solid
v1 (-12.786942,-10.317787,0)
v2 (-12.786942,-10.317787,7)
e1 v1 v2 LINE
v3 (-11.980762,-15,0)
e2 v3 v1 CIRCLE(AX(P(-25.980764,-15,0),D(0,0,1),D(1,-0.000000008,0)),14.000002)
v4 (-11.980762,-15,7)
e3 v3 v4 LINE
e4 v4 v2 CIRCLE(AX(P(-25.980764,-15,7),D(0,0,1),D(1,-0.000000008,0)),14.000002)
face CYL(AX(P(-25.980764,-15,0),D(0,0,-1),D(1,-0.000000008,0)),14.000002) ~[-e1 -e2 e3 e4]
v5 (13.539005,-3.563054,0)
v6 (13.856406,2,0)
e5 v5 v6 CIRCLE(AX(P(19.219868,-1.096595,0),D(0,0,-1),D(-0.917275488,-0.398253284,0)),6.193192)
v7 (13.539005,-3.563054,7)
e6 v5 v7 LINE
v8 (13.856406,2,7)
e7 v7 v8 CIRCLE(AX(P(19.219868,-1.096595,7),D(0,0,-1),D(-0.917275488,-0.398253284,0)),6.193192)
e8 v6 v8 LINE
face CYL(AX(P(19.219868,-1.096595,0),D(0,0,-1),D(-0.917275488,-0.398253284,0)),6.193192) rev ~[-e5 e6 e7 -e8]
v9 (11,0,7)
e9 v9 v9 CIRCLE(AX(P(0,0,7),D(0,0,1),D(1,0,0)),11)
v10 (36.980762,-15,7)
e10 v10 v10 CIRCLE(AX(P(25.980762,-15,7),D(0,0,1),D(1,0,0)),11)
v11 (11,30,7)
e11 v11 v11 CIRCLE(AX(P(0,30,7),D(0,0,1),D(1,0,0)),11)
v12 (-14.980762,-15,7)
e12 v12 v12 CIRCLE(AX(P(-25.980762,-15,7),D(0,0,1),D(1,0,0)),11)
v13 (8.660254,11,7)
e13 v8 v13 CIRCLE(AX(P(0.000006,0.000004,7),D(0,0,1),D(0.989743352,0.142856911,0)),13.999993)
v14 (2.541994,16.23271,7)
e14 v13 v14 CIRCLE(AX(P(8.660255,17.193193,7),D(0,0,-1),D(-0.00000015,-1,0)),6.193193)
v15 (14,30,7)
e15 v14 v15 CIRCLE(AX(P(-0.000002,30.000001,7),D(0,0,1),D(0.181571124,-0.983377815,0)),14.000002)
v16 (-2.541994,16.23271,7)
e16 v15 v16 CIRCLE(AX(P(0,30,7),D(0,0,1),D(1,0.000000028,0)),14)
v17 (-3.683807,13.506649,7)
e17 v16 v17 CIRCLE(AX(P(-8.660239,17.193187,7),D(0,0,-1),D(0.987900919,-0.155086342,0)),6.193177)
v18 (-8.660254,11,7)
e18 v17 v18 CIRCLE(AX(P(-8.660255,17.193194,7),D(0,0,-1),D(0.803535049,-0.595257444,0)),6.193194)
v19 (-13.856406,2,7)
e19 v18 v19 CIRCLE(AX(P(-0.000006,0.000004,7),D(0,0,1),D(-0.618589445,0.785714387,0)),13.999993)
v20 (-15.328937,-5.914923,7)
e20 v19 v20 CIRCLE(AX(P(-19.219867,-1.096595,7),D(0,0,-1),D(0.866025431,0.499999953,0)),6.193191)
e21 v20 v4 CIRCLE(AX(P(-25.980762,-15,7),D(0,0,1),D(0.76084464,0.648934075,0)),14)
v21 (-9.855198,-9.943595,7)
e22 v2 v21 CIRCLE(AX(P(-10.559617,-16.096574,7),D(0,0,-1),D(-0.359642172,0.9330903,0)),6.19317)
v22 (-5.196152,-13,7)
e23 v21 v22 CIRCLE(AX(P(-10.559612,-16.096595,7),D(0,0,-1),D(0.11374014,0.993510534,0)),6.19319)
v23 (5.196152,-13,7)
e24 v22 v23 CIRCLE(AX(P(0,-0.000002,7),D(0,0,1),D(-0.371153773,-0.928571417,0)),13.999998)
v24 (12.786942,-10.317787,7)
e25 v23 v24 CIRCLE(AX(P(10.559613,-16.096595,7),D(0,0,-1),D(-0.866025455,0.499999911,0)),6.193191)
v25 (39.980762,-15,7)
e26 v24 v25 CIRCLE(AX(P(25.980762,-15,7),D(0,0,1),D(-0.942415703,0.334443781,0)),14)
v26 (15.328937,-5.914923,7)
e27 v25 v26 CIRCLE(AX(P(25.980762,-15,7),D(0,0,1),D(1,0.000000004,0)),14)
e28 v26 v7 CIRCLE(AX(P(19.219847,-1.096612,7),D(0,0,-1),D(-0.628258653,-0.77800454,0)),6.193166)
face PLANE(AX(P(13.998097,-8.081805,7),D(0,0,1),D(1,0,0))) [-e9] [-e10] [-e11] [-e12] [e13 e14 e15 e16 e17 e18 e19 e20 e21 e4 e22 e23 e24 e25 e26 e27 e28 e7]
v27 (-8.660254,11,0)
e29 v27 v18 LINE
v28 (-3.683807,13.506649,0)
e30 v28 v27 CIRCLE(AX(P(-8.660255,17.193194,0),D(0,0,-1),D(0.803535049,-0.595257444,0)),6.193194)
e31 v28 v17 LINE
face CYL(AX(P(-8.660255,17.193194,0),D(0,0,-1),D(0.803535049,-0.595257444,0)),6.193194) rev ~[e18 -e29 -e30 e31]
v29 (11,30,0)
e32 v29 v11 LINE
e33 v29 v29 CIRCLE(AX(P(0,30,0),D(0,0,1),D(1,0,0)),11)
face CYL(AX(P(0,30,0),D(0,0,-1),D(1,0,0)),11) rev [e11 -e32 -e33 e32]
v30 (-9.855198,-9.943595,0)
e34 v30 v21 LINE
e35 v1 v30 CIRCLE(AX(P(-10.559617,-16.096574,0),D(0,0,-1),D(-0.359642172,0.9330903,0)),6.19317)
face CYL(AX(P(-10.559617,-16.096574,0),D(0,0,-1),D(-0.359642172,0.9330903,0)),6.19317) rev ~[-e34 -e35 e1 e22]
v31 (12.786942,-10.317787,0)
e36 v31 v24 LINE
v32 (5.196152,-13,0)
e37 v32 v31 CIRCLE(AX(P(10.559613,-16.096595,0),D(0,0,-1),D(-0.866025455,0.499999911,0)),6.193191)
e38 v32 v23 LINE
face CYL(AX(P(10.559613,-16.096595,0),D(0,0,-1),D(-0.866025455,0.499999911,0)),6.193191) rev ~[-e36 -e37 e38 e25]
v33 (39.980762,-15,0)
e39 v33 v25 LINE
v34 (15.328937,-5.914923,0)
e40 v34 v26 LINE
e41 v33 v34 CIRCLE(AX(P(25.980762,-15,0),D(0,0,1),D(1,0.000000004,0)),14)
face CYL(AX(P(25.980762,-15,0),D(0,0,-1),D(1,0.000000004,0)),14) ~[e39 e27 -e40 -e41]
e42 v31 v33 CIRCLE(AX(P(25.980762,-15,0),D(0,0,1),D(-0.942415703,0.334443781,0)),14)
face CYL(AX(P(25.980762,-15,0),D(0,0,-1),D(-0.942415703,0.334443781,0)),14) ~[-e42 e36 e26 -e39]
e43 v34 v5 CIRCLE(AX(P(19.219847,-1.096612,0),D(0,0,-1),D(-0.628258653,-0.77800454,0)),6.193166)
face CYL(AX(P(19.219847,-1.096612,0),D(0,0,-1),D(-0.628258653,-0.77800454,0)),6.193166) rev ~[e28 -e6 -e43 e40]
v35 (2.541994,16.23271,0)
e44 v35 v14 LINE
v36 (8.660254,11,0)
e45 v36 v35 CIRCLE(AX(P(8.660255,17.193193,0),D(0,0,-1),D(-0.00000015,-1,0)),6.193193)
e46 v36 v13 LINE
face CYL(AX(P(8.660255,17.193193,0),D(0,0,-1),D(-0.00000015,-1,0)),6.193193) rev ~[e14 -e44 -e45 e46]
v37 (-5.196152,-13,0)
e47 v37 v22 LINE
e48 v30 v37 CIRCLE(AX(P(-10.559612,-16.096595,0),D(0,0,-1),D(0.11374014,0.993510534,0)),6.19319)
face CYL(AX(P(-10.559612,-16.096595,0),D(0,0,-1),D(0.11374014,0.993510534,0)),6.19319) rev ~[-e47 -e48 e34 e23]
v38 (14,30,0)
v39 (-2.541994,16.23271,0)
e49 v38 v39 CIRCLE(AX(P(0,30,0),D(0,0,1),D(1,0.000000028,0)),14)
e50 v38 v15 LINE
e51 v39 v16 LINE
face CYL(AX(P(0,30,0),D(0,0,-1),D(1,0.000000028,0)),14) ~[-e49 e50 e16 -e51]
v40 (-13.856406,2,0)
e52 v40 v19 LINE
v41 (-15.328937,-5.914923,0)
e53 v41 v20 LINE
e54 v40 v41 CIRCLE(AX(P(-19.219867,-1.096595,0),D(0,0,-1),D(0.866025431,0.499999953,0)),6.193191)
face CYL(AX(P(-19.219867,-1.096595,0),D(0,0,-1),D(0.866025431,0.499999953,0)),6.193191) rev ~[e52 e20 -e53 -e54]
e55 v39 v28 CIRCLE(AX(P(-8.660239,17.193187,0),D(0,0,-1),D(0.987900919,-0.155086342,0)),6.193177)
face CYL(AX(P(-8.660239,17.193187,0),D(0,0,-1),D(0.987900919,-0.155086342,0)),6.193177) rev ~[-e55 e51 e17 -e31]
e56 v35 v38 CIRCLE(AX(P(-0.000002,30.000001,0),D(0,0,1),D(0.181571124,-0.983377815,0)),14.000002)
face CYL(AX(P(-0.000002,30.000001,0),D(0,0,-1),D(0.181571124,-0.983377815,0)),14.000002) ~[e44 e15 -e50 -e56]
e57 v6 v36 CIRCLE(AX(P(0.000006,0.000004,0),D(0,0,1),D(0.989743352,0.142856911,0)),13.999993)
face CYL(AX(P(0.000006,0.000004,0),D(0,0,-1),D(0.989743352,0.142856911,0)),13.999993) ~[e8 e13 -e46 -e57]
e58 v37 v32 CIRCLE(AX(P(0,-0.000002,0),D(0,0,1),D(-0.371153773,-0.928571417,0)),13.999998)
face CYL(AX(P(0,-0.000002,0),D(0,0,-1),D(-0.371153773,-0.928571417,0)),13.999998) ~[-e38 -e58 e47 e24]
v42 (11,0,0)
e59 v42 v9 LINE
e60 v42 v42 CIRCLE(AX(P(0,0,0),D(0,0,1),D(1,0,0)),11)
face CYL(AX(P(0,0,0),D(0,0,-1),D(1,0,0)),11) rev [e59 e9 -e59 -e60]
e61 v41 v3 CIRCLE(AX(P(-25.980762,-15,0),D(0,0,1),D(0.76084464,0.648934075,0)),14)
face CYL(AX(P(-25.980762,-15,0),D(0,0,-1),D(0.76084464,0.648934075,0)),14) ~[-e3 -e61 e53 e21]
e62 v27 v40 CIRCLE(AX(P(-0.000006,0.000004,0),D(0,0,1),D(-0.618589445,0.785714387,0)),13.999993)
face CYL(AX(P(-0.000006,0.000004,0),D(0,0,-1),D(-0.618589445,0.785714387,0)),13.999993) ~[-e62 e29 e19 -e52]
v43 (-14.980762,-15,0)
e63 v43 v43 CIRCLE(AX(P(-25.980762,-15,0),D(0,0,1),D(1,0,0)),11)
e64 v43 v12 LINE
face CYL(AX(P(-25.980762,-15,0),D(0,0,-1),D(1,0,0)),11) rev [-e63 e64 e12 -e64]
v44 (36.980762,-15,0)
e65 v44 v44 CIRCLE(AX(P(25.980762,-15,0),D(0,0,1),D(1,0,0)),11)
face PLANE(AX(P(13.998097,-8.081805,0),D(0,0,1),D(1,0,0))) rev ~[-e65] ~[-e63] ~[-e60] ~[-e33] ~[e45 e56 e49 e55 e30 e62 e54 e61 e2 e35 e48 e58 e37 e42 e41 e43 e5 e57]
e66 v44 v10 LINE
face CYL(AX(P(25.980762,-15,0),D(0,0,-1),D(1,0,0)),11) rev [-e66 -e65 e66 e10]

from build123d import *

# Parameters (mm, degrees)
F0_R     = 11
F1_DEPTH = 7


with BuildPart() as f1:
    # F0 (on Top) → F1 (new body)
    with BuildSketch(Plane.XY):
        with BuildLine():
            Line((14.05794, -8.116355), (15.328937, -5.914923))
            ThreePointArc((15.328937, -5.914923), (13.856406, -8), (12.786942, -10.317787))
            Line((12.786942, -10.317787), (14.05794, -8.116355))
        make_face()
        with BuildLine():
            ThreePointArc((39.980762, -15), (30.821963, -1.863685), (15.328937, -5.914923))
            Line((15.328937, -5.914923), (14.05794, -8.116355))
            Line((14.05794, -8.116355), (12.786942, -10.317787))
            ThreePointArc((12.786942, -10.317787), (23.605207, -28.796983), (39.980762, -15))
        make_face()
        with Locations((25.980762, -15)):
            Circle(F0_R, mode=Mode.SUBTRACT)
        with BuildLine():
            ThreePointArc((2.541994, 16.23271), (0, 16), (-2.541994, 16.23271))
            ThreePointArc((-2.541994, 16.23271), (-2.9479, 14.800569), (-3.683807, 13.506649))
            ThreePointArc((-3.683807, 13.506649), (-5.874203, 11.662049), (-8.660254, 11))
            ThreePointArc((-8.660254, 11), (-12.124356, 7), (-13.856406, 2))
            ThreePointArc((-13.856406, 2), (-13.131153, -2.22937), (-15.328937, -5.914923))
            ThreePointArc((-15.328937, -5.914923), (-13.856406, -8), (-12.786942, -10.317787))
            ThreePointArc((-12.786942, -10.317787), (-11.343719, -9.953241), (-9.855198, -9.943595))
            ThreePointArc((-9.855198, -9.943595), (-7.162529, -10.918233), (-5.196152, -13))
            ThreePointArc((-5.196152, -13), (0, -14), (5.196152, -13))
            ThreePointArc((5.196152, -13), (8.496267, -10.257227), (12.786942, -10.317787))
            ThreePointArc((12.786942, -10.317787), (13.856406, -8), (15.328937, -5.914923))
            ThreePointArc((15.328937, -5.914923), (14.291619, -4.847328), (13.539005, -3.563054))
            ThreePointArc((13.539005, -3.563054), (13.036732, -0.743815), (13.856406, 2))
            ThreePointArc((13.856406, 2), (12.124356, 7), (8.660254, 11))
            ThreePointArc((8.660254, 11), (4.634886, 12.486597), (2.541994, 16.23271))
        make_face()
        Circle(F0_R, mode=Mode.SUBTRACT)
        with BuildLine():
            ThreePointArc((-12.786942, -10.317787), (-13.856406, -8), (-15.328937, -5.914923))
            Line((-15.328937, -5.914923), (-14.05794, -8.116355))
            Line((-14.05794, -8.116355), (-12.786942, -10.317787))
        make_face()
        with BuildLine():
            Line((-14.05794, -8.116355), (-15.328937, -5.914923))
            ThreePointArc((-15.328937, -5.914923), (-39.117077, -19.8412), (-11.980762, -15))
            ThreePointArc((-11.980762, -15), (-12.183779, -12.624445), (-12.786942, -10.317787))
            Line((-12.786942, -10.317787), (-14.05794, -8.116355))
        make_face()
        with Locations((-25.980762, -15)):
            Circle(F0_R, mode=Mode.SUBTRACT)
        with BuildLine():
            ThreePointArc((2.541994, 16.23271), (10.76076, 21.044218), (14, 30))
            ThreePointArc((14, 30), (-8.955782, 40.76076), (-2.541994, 16.23271))
            Line((-2.541994, 16.23271), (0, 16.23271))
            Line((0, 16.23271), (2.541994, 16.23271))
        make_face()
        with Locations((0, 30)):
            Circle(F0_R, mode=Mode.SUBTRACT)
        with BuildLine():
            Line((0, 16.23271), (-2.541994, 16.23271))
            ThreePointArc((-2.541994, 16.23271), (0, 16), (2.541994, 16.23271))
            Line((2.541994, 16.23271), (0, 16.23271))
        make_face()
    extrude(amount=F1_DEPTH)


solid = f1.part
